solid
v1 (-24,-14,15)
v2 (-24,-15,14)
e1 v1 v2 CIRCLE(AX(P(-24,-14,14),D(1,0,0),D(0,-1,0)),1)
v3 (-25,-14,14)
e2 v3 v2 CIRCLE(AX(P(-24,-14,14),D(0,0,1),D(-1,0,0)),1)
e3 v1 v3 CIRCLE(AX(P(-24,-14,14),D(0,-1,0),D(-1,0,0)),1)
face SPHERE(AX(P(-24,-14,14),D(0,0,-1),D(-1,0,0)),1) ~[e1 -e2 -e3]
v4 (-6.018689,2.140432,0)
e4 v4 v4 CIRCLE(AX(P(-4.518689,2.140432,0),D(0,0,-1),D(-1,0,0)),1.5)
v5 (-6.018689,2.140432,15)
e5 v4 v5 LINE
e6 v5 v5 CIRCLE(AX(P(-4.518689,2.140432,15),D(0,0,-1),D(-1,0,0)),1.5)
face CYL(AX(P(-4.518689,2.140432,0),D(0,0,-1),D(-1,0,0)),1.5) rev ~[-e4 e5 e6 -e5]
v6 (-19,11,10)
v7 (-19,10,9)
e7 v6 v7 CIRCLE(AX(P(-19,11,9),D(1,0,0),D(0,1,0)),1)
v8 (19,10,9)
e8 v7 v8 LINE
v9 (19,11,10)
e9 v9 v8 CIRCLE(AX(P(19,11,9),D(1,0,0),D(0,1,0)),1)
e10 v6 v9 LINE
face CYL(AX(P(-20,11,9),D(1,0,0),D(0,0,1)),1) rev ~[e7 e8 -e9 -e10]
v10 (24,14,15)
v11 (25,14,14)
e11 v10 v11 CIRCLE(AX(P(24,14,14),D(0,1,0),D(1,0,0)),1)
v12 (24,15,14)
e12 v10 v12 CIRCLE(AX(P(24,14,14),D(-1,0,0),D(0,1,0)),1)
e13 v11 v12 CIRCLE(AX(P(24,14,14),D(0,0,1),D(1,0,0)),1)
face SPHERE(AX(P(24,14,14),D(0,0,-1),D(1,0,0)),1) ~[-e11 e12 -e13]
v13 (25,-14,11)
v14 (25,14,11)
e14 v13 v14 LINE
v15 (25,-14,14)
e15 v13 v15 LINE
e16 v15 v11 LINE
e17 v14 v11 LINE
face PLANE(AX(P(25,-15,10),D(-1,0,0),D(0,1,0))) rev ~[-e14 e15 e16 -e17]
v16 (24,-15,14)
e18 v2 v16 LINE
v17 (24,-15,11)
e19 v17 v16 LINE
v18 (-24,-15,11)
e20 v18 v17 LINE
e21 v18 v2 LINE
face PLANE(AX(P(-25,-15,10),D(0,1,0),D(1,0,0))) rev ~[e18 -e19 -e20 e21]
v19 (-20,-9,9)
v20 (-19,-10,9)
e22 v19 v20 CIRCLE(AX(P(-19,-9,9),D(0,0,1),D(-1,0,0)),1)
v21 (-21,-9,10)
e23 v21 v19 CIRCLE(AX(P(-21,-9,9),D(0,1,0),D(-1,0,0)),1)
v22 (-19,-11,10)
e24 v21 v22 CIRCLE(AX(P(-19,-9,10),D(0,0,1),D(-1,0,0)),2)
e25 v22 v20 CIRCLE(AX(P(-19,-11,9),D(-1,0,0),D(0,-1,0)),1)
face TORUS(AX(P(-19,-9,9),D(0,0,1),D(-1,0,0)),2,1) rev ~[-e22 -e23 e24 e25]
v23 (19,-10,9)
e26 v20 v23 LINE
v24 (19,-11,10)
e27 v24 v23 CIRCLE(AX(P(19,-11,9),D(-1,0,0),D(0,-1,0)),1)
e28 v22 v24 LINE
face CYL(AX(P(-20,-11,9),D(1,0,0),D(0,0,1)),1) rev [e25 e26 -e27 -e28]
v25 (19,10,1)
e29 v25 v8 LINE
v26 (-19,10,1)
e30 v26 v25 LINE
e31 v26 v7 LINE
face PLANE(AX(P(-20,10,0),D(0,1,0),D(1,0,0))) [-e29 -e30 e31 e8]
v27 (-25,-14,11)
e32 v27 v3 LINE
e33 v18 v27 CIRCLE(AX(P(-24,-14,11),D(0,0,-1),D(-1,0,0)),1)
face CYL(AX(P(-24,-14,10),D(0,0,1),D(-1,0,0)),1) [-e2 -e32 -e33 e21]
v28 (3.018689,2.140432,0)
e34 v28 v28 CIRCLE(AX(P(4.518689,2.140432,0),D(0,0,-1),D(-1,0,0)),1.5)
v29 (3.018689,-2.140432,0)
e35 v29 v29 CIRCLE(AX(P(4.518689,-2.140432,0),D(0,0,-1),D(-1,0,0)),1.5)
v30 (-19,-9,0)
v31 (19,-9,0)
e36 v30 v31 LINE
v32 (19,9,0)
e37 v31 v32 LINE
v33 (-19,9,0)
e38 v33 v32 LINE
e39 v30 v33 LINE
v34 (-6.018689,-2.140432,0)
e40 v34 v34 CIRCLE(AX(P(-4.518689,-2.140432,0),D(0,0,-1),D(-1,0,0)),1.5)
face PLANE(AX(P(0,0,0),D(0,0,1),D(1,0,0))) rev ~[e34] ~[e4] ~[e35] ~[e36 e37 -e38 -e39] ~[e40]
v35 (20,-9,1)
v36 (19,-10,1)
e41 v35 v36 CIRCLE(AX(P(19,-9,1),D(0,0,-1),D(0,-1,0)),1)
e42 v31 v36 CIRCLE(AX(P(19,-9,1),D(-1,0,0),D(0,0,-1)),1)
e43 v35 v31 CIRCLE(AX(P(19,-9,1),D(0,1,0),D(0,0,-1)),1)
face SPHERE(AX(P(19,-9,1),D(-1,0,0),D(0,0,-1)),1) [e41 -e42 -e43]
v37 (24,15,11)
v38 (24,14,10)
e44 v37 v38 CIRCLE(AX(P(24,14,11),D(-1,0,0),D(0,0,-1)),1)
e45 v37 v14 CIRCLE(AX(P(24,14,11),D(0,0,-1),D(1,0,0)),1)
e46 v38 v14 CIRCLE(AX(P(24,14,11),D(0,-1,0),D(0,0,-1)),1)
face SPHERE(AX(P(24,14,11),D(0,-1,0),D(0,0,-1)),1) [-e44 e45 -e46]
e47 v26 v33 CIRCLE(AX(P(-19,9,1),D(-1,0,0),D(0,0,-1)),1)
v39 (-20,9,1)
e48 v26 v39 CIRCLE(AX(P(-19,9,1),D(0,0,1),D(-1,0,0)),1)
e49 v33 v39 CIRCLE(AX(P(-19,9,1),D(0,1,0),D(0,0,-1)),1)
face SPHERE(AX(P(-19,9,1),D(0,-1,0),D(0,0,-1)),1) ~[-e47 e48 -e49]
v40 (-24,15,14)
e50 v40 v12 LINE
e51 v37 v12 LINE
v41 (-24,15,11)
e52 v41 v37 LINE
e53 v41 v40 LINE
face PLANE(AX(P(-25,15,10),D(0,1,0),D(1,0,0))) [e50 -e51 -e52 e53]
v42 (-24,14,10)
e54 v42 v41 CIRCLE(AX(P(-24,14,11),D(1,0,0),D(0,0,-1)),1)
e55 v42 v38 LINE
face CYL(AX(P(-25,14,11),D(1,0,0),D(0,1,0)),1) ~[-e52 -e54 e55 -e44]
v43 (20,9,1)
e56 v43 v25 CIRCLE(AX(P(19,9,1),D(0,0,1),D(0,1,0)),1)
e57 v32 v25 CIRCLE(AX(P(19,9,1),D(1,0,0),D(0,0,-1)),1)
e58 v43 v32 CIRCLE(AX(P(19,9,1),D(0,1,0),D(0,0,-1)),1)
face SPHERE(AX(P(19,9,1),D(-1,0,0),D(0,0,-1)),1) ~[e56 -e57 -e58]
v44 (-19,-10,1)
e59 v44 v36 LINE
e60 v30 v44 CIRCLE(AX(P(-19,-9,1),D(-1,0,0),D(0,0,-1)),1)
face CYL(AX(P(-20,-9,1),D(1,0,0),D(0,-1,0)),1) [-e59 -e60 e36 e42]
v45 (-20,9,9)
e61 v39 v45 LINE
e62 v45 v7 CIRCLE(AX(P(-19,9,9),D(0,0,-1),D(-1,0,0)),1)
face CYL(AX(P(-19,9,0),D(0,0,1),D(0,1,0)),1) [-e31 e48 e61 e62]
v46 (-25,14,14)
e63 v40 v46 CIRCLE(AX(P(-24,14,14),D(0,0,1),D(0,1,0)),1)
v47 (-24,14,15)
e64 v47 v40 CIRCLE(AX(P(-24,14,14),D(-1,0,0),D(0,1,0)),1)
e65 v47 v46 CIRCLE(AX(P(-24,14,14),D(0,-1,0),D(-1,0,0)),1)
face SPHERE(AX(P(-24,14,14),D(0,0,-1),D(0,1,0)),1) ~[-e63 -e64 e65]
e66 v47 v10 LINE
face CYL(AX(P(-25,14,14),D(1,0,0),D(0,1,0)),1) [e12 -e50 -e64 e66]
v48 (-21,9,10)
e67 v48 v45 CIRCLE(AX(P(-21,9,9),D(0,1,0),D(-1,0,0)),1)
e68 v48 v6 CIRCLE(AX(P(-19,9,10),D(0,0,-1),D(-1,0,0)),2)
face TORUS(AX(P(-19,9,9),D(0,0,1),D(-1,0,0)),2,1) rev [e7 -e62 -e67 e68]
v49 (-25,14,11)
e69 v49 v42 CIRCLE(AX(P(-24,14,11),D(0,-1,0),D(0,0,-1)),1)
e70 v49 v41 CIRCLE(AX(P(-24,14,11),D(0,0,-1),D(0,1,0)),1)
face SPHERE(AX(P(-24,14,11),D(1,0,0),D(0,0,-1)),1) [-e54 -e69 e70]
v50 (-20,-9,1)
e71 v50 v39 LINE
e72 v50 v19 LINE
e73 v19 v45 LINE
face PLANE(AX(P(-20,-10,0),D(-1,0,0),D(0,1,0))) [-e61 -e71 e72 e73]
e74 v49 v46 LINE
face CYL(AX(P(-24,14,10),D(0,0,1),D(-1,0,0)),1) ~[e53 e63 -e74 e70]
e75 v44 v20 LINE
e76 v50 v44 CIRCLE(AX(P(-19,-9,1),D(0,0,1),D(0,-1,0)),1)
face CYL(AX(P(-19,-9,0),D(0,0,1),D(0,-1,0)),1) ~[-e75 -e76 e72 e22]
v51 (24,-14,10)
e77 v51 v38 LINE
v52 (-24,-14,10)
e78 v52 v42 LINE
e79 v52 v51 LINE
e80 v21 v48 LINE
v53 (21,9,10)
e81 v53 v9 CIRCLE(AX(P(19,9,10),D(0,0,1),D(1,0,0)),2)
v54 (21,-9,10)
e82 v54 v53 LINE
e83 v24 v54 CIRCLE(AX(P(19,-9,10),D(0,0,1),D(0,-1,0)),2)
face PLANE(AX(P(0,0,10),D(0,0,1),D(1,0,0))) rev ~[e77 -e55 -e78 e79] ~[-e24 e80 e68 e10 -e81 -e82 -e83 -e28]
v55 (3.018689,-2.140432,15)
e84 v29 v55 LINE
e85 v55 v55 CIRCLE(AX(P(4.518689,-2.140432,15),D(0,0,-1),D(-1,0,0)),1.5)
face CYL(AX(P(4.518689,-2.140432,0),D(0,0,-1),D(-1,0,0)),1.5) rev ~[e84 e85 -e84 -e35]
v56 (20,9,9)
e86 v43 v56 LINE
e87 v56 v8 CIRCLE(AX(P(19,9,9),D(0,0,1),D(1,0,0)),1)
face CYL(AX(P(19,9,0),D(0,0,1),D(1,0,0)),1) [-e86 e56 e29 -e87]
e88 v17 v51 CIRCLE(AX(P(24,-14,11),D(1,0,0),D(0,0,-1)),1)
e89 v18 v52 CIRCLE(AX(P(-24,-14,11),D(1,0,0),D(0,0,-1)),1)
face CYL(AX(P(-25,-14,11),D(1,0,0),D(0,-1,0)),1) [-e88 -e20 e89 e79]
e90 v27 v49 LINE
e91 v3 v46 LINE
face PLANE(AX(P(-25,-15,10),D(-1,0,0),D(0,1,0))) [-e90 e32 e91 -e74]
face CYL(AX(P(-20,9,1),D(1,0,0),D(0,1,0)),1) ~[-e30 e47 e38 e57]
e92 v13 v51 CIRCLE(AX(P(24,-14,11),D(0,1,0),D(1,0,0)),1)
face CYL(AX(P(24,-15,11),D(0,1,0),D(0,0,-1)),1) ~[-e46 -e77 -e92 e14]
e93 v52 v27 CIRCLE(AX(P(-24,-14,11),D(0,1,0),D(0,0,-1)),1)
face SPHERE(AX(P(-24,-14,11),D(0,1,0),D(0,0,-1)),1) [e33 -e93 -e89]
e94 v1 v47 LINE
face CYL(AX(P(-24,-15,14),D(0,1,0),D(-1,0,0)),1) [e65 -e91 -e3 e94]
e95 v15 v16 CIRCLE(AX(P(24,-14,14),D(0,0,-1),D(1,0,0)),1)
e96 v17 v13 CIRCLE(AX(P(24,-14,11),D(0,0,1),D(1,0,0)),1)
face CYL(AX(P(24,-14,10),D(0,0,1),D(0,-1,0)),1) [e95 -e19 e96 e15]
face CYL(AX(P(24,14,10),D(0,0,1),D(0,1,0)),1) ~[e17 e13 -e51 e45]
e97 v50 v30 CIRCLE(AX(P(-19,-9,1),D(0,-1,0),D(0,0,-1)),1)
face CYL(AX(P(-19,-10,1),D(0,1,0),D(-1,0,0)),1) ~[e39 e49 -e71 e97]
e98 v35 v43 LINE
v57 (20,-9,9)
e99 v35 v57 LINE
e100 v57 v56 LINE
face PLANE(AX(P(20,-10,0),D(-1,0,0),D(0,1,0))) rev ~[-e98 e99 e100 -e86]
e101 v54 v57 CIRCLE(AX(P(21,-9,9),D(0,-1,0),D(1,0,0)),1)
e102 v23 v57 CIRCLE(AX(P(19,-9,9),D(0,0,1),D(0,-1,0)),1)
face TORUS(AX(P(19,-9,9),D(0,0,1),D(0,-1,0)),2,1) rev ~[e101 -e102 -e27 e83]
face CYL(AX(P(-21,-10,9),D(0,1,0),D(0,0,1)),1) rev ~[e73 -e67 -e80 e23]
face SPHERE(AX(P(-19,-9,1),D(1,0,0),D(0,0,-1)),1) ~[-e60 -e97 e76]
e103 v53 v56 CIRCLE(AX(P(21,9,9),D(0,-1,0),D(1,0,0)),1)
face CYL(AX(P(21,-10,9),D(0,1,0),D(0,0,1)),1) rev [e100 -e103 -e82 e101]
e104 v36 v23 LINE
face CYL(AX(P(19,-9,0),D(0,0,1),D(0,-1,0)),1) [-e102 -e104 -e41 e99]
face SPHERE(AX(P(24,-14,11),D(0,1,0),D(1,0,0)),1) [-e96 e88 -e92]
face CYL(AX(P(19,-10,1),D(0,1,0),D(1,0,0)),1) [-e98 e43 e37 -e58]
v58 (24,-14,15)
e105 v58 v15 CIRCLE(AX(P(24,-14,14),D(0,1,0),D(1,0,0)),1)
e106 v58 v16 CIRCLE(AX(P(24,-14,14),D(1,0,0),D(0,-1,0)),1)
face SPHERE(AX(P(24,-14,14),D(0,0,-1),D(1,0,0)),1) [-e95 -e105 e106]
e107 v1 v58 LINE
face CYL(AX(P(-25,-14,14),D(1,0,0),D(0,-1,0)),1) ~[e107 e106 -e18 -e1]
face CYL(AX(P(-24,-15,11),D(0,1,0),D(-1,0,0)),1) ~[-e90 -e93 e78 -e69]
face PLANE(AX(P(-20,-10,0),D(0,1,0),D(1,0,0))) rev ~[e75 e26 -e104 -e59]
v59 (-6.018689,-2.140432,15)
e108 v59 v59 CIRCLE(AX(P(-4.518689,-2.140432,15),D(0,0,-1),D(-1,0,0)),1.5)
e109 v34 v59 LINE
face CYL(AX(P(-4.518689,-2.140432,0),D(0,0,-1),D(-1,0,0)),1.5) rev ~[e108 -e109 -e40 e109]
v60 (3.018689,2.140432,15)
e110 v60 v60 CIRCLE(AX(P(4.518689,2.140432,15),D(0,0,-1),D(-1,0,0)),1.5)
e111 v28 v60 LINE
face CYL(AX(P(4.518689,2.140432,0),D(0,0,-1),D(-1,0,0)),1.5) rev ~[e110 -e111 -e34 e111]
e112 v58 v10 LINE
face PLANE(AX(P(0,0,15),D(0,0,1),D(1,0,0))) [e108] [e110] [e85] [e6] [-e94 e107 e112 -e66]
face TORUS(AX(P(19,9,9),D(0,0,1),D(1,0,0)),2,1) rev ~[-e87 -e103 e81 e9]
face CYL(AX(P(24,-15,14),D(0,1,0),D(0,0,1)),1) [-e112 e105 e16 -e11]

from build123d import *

# Parameters (mm, degrees)
SKETCH_1_W          = 40
SKETCH_1_H          = 20
EXTRUDE_1_DEPTH     = 10
SKETCH_2_W          = 50
SKETCH_2_H          = 30
EXTRUDE_2_DEPTH     = 5
FILLET_1_R          = 1
SKETCH_3_R          = 1.5
CUT_EXTRUDE_1_DEPTH = 33.787192622


with BuildPart() as part:
    # 草图1 → 凸台-拉伸1 (new body)
    with BuildSketch(Plane.XY):
        Rectangle(SKETCH_1_W, SKETCH_1_H)
    extrude(amount=EXTRUDE_1_DEPTH)

    # 草图2 → 凸台-拉伸2 (add)
    with BuildSketch(Plane.XY.offset(10)):
        Rectangle(SKETCH_2_W, SKETCH_2_H)
    extrude(amount=EXTRUDE_2_DEPTH)

    # 圆角1
    fillet_1_edges = [part.edges().sort_by_distance(p)[0] for p in [
        (-20, 0, 10),
        (0, -10, 10),
        (25, 0, 10),
        (25, -15, 12.5),
        (0, 15, 10),
        (25, 15, 12.5),
        (-25, 0, 10),
        (-25, 15, 12.5),
        (0, -15, 10),
        (-25, -15, 12.5),
        (25, 0, 15),
        (0, 15, 15),
        (-25, 0, 15),
        (0, -15, 15),
        (20, 0, 10),
        (0, -10, 0),
        (-20, 0, 0),
        (0, 10, 0),
        (20, 0, 0),
        (0, 10, 10),
        (20, -10, 5),
        (-20, -10, 5),
        (-20, 10, 5),
        (20, 10, 5),
    ]]
    fillet(fillet_1_edges, radius=FILLET_1_R)

    # 草图3 → 切除-拉伸1 (cut, through all)
    with BuildSketch(Plane(origin=(0, 0, 0), x_dir=(-1, 0, 0), z_dir=(0, 0, -1))):
        with Locations((-4.518689194, -2.140431724)):
            Circle(SKETCH_3_R)
        with Locations((4.518689194, 2.140431724)):
            Circle(SKETCH_3_R)
        with Locations((-4.518689194, 2.140431724)):
            Circle(SKETCH_3_R)
        with Locations((4.518689194, -2.140431724)):
            Circle(SKETCH_3_R)
    extrude(amount=-CUT_EXTRUDE_1_DEPTH, mode=Mode.SUBTRACT)


solid = part.part
